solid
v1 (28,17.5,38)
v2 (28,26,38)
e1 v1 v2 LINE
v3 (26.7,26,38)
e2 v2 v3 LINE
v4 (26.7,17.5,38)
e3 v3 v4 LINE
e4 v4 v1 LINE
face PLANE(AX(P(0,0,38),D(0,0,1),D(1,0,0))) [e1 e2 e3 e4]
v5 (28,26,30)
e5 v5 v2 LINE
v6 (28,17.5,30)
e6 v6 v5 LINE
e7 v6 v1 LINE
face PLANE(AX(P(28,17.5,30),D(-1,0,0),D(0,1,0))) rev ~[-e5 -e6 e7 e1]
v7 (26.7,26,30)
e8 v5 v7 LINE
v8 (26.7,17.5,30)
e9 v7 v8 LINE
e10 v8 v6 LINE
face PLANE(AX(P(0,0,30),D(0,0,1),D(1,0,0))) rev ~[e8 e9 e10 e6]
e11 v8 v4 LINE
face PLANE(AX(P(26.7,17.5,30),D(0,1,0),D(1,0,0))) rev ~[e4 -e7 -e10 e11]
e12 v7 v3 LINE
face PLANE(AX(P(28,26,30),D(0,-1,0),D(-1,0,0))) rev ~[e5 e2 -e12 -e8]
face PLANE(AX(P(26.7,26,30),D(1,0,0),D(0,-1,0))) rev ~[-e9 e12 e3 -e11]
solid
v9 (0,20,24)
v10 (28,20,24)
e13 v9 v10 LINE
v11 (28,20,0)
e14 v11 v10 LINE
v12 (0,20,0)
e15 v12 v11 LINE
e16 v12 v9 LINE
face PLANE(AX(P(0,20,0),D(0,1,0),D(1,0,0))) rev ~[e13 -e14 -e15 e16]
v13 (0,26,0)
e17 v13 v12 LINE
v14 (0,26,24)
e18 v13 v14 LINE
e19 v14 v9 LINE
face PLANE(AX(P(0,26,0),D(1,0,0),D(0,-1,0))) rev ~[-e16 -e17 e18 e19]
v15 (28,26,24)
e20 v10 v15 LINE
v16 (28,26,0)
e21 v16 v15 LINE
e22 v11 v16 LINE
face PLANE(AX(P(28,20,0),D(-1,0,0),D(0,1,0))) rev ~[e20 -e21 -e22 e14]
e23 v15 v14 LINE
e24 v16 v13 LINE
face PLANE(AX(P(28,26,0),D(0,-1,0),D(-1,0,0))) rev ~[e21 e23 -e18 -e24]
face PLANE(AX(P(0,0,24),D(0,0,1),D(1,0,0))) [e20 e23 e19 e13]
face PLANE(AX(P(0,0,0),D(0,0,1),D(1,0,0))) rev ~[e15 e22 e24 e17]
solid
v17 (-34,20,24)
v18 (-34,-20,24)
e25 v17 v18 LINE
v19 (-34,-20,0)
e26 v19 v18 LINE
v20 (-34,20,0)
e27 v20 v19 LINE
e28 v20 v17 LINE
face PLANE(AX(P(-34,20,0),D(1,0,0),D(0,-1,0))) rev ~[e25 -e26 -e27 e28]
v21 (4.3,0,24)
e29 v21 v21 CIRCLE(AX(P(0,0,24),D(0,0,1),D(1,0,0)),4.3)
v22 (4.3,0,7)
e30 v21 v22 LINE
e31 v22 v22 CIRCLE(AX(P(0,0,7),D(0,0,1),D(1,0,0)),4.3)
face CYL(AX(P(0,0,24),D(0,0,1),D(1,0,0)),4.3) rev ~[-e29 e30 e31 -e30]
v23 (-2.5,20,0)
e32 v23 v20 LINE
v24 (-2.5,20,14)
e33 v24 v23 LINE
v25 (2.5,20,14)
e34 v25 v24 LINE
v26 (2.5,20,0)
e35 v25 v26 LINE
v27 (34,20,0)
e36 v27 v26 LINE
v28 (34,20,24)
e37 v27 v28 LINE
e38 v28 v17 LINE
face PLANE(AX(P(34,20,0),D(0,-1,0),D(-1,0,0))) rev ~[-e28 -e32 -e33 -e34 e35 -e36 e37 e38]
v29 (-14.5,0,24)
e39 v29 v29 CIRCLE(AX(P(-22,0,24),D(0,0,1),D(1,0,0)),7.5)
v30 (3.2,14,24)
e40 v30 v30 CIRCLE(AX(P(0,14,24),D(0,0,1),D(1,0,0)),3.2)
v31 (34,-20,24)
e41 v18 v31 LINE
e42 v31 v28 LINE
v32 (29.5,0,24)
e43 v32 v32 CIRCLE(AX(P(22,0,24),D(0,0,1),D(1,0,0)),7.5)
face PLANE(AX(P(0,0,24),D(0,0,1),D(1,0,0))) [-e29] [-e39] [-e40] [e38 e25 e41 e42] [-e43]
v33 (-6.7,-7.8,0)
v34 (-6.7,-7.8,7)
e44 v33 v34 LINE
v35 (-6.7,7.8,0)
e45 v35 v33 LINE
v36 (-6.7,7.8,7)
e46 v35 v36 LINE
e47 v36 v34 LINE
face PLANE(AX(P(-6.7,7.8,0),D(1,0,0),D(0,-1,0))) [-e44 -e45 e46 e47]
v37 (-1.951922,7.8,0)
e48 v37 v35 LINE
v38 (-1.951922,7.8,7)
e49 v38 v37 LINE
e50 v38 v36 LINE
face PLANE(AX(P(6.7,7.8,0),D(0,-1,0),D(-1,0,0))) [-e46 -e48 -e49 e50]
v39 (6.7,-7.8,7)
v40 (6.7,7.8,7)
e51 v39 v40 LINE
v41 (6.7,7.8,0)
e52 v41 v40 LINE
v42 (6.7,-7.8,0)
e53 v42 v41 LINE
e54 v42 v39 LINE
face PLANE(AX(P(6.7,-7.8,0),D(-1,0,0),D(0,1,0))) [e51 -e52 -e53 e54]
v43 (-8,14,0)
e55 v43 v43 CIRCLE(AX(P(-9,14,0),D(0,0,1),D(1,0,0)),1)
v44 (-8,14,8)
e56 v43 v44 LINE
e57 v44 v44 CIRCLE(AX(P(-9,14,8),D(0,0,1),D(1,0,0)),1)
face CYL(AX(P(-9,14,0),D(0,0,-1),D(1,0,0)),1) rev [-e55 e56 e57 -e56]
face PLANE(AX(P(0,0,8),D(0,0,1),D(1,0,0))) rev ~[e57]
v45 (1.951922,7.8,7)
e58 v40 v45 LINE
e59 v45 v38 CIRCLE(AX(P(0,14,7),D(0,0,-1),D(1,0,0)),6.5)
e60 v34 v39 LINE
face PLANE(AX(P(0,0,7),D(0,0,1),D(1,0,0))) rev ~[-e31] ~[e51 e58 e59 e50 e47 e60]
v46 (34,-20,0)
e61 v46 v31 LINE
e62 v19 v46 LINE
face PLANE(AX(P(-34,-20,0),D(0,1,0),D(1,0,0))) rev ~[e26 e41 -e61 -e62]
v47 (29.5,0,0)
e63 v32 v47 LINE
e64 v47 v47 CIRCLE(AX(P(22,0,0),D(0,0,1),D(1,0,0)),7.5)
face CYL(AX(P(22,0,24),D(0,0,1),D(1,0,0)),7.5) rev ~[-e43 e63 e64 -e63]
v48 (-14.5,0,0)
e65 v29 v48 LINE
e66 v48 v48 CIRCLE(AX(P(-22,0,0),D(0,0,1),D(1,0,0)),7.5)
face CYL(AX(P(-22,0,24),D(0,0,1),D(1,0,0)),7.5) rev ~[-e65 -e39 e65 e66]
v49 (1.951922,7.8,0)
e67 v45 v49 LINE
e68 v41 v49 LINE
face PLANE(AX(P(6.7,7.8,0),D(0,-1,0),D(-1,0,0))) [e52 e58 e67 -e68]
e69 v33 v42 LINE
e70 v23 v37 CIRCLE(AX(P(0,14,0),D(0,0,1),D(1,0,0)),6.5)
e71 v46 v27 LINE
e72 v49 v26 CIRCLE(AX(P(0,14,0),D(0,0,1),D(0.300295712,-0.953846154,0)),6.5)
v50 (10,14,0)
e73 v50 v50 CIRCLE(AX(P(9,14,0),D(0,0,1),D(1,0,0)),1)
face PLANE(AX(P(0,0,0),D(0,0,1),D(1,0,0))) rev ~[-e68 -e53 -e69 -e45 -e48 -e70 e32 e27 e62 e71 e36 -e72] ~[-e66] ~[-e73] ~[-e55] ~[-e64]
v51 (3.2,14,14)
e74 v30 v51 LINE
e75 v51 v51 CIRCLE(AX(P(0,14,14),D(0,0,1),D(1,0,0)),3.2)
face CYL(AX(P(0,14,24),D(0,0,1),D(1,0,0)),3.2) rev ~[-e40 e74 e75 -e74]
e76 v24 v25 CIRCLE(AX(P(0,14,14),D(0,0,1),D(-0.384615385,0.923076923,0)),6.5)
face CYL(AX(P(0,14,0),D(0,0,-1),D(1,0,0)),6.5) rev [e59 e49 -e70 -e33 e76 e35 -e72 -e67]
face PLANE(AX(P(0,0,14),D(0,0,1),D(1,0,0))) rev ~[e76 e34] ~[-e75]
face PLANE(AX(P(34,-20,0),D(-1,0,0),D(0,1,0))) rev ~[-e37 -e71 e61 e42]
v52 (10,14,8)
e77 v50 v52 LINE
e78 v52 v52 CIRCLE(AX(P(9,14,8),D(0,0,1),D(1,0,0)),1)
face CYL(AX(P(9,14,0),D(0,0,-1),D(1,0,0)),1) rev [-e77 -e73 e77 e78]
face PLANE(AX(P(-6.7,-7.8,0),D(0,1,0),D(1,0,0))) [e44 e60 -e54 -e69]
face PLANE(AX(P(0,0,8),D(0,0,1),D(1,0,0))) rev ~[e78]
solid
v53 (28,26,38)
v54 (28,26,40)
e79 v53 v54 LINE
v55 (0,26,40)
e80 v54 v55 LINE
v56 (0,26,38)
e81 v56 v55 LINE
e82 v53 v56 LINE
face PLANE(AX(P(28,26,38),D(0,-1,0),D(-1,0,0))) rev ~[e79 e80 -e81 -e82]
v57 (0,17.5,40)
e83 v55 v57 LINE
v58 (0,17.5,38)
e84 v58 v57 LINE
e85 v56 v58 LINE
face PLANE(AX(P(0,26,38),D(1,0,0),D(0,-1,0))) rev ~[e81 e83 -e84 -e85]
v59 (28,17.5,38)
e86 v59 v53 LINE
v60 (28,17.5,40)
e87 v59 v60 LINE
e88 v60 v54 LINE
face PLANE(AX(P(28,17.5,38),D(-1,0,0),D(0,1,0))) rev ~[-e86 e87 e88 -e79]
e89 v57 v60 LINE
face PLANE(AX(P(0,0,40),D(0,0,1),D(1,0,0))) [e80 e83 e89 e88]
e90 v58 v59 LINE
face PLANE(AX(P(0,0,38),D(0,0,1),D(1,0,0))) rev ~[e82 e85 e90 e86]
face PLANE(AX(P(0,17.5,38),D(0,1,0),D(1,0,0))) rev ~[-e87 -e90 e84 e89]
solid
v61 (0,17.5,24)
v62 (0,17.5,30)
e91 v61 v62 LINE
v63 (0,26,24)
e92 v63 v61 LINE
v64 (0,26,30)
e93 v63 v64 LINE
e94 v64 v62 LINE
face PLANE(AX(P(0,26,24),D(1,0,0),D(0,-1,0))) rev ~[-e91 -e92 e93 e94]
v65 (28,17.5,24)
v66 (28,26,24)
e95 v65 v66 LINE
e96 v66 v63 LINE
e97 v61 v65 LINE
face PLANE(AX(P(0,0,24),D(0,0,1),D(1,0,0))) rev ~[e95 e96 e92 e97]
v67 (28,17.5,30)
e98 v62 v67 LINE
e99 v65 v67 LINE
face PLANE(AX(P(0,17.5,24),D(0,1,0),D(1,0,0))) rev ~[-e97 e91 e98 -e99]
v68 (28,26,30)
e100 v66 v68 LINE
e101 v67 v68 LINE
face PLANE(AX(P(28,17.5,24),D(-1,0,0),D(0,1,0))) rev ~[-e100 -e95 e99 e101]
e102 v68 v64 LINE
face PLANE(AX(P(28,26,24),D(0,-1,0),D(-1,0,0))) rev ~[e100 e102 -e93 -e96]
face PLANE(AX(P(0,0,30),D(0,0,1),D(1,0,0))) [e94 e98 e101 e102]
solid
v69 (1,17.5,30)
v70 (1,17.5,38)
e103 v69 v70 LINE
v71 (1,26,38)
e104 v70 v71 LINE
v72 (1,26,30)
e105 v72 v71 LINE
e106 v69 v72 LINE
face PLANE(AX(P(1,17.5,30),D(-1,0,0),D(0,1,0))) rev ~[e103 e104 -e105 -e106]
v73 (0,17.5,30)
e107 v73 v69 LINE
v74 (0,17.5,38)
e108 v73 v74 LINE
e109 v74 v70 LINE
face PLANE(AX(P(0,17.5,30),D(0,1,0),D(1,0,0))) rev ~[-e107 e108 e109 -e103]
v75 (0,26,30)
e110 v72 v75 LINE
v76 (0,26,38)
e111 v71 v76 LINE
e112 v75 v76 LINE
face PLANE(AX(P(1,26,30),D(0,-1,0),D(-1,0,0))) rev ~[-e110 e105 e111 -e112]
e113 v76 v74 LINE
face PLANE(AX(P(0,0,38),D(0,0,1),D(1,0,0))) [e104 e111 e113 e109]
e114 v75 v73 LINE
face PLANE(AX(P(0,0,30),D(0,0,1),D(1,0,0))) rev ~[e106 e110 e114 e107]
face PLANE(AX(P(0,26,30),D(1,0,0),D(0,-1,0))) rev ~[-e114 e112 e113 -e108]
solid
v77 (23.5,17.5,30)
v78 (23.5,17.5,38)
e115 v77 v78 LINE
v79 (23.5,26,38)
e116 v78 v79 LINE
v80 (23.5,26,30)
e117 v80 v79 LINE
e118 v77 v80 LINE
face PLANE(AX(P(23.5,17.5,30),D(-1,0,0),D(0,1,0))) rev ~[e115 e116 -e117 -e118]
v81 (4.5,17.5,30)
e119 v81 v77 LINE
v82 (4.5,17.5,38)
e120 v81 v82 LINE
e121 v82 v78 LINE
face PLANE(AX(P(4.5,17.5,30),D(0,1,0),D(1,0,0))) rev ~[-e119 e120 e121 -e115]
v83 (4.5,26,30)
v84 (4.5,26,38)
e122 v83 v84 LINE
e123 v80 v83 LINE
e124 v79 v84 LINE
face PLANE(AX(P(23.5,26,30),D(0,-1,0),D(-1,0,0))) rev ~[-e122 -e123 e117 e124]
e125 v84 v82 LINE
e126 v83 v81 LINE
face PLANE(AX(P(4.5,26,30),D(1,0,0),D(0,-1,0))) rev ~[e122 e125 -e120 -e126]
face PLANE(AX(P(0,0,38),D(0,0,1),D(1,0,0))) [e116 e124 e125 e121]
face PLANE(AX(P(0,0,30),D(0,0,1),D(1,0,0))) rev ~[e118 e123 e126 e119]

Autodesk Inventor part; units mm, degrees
sketch "Skizze1" plane through (0, 0, 0) normal (0, 0, 1) x (1, 0, 0)
  line L0 (-34, -20) -> (34, -20)
  line L1 (34, -20) -> (34, 20)
  line L2 (34, 20) -> (-34, 20)
  line L3 (-34, 20) -> (-34, -20)
extrude "Extrusion1" add sketch "Skizze1" along normal blind 24
sketch "Skizze2" plane through (0, 0, 0) normal (0, 0, 1) x (1, 0, 0)
  line L0 (0, 20) -> (28, 20)
  line L1 (28, 20) -> (28, 26)
  line L2 (28, 26) -> (0, 26)
  line L3 (0, 26) -> (0, 20)
extrude "Extrusion2" add sketch "Skizze2" along normal blind 24 separate body
ref_plane "Arbeitsebene1" through (0, 0, 24) normal (0, 0, 1) x (1, 0, 0)
sketch "Skizze3" plane through (0, 0, 24) normal (0, 0, 1) x (1, 0, 0)
  line L0 (0, 17.5) -> (28, 17.5)
  line L1 (28, 17.5) -> (28, 26)
  line L2 (28, 26) -> (0, 26)
  line L3 (0, 26) -> (0, 17.5)
extrude "Extrusion3" add sketch "Skizze3" along normal blind 6 separate body
ref_plane "Arbeitsebene2" through (0, 0, 30) normal (0, 0, 1) x (1, 0, 0)
sketch "Skizze4" plane through (0, 0, 30) normal (0, 0, 1) x (1, 0, 0)
  line L0 (0, 17.5) -> (1, 17.5)
  line L1 (1, 17.5) -> (1, 26)
  line L2 (1, 26) -> (0, 26)
  line L3 (0, 26) -> (0, 17.5)
extrude "Extrusion4" add sketch "Skizze4" along normal blind 8 separate body
sketch "Skizze5" plane through (0, 0, 30) normal (0, 0, 1) x (1, 0, 0)
  line L0 (4.5, 17.5) -> (23.5, 17.5)
  line L1 (23.5, 17.5) -> (23.5, 26)
  line L2 (23.5, 26) -> (4.5, 26)
  line L3 (4.5, 26) -> (4.5, 17.5)
extrude "Extrusion5" add sketch "Skizze5" along normal blind 8 separate body
sketch "Skizze6" plane through (0, 0, 30) normal (0, 0, 1) x (1, 0, 0)
  line L0 (26.7, 17.5) -> (28, 17.5)
  line L1 (28, 17.5) -> (28, 26)
  line L2 (28, 26) -> (26.7, 26)
  line L3 (26.7, 26) -> (26.7, 17.5)
extrude "Extrusion6" add sketch "Skizze6" along normal blind 8 separate body
ref_plane "Arbeitsebene3" through (0, 0, 38) normal (0, 0, 1) x (1, 0, 0)
sketch "Skizze7" plane through (0, 0, 38) normal (0, 0, 1) x (1, 0, 0)
  line L0 (0, 17.5) -> (28, 17.5)
  line L1 (28, 17.5) -> (28, 26)
  line L2 (28, 26) -> (0, 26)
  line L3 (0, 26) -> (0, 17.5)
extrude "Extrusion7" add sketch "Skizze7" along normal blind 2 separate body
sketch "Skizze8" plane through (0, 0, 24) normal (0, 0, 1) x (1, 0, 0)
  circle A0 centre (-22, 0) radius 7.5
extrude "Extrusion8" cut sketch "Skizze8" against normal blind 24.2 bodies 1
sketch "Skizze9" plane through (0, 0, 24) normal (0, 0, 1) x (1, 0, 0)
  circle A0 centre (22, 0) radius 7.5
extrude "Extrusion9" cut sketch "Skizze9" against normal blind 24.2 bodies 1
sketch "Skizze10" plane through (0, 0, 24) normal (0, 0, 1) x (1, 0, 0)
  circle A0 centre (0, 0) radius 4.3
extrude "Extrusion10" cut sketch "Skizze10" against normal blind 24.2 bodies 1
sketch "Skizze11" plane through (0, 0, 24) normal (0, 0, 1) x (1, 0, 0)
  circle A0 centre (0, 14) radius 3.2
extrude "Extrusion11" cut sketch "Skizze11" against normal blind 24.2 bodies 1
sketch "Skizze12" plane through (0, 0, 0) normal (0, 0, 1) x (1, 0, 0)
  line L0 (-6.7, -7.8) -> (6.7, -7.8)
  line L1 (6.7, -7.8) -> (6.7, 7.8)
  line L2 (6.7, 7.8) -> (-6.7, 7.8)
  line L3 (-6.7, 7.8) -> (-6.7, -7.8)
extrude "Extrusion12" cut sketch "Skizze12" along normal blind 7 bodies 1
sketch "Skizze13" plane through (0, 0, 0) normal (0, 0, 1) x (1, 0, 0)
  circle A0 centre (0, 14) radius 6.5
extrude "Extrusion13" cut sketch "Skizze13" along normal blind 14 bodies 1
sketch "Skizze14" plane through (0, 0, 0) normal (0, 0, 1) x (1, 0, 0)
  circle A0 centre (-9, 14) radius 1
extrude "Extrusion14" cut sketch "Skizze14" along normal blind 8 bodies 1
sketch "Skizze15" plane through (0, 0, 0) normal (0, 0, 1) x (1, 0, 0)
  circle A0 centre (9, 14) radius 1
extrude "Extrusion15" cut sketch "Skizze15" along normal blind 8 bodies 1
properties part number "Taster_Schlitten_M8"
